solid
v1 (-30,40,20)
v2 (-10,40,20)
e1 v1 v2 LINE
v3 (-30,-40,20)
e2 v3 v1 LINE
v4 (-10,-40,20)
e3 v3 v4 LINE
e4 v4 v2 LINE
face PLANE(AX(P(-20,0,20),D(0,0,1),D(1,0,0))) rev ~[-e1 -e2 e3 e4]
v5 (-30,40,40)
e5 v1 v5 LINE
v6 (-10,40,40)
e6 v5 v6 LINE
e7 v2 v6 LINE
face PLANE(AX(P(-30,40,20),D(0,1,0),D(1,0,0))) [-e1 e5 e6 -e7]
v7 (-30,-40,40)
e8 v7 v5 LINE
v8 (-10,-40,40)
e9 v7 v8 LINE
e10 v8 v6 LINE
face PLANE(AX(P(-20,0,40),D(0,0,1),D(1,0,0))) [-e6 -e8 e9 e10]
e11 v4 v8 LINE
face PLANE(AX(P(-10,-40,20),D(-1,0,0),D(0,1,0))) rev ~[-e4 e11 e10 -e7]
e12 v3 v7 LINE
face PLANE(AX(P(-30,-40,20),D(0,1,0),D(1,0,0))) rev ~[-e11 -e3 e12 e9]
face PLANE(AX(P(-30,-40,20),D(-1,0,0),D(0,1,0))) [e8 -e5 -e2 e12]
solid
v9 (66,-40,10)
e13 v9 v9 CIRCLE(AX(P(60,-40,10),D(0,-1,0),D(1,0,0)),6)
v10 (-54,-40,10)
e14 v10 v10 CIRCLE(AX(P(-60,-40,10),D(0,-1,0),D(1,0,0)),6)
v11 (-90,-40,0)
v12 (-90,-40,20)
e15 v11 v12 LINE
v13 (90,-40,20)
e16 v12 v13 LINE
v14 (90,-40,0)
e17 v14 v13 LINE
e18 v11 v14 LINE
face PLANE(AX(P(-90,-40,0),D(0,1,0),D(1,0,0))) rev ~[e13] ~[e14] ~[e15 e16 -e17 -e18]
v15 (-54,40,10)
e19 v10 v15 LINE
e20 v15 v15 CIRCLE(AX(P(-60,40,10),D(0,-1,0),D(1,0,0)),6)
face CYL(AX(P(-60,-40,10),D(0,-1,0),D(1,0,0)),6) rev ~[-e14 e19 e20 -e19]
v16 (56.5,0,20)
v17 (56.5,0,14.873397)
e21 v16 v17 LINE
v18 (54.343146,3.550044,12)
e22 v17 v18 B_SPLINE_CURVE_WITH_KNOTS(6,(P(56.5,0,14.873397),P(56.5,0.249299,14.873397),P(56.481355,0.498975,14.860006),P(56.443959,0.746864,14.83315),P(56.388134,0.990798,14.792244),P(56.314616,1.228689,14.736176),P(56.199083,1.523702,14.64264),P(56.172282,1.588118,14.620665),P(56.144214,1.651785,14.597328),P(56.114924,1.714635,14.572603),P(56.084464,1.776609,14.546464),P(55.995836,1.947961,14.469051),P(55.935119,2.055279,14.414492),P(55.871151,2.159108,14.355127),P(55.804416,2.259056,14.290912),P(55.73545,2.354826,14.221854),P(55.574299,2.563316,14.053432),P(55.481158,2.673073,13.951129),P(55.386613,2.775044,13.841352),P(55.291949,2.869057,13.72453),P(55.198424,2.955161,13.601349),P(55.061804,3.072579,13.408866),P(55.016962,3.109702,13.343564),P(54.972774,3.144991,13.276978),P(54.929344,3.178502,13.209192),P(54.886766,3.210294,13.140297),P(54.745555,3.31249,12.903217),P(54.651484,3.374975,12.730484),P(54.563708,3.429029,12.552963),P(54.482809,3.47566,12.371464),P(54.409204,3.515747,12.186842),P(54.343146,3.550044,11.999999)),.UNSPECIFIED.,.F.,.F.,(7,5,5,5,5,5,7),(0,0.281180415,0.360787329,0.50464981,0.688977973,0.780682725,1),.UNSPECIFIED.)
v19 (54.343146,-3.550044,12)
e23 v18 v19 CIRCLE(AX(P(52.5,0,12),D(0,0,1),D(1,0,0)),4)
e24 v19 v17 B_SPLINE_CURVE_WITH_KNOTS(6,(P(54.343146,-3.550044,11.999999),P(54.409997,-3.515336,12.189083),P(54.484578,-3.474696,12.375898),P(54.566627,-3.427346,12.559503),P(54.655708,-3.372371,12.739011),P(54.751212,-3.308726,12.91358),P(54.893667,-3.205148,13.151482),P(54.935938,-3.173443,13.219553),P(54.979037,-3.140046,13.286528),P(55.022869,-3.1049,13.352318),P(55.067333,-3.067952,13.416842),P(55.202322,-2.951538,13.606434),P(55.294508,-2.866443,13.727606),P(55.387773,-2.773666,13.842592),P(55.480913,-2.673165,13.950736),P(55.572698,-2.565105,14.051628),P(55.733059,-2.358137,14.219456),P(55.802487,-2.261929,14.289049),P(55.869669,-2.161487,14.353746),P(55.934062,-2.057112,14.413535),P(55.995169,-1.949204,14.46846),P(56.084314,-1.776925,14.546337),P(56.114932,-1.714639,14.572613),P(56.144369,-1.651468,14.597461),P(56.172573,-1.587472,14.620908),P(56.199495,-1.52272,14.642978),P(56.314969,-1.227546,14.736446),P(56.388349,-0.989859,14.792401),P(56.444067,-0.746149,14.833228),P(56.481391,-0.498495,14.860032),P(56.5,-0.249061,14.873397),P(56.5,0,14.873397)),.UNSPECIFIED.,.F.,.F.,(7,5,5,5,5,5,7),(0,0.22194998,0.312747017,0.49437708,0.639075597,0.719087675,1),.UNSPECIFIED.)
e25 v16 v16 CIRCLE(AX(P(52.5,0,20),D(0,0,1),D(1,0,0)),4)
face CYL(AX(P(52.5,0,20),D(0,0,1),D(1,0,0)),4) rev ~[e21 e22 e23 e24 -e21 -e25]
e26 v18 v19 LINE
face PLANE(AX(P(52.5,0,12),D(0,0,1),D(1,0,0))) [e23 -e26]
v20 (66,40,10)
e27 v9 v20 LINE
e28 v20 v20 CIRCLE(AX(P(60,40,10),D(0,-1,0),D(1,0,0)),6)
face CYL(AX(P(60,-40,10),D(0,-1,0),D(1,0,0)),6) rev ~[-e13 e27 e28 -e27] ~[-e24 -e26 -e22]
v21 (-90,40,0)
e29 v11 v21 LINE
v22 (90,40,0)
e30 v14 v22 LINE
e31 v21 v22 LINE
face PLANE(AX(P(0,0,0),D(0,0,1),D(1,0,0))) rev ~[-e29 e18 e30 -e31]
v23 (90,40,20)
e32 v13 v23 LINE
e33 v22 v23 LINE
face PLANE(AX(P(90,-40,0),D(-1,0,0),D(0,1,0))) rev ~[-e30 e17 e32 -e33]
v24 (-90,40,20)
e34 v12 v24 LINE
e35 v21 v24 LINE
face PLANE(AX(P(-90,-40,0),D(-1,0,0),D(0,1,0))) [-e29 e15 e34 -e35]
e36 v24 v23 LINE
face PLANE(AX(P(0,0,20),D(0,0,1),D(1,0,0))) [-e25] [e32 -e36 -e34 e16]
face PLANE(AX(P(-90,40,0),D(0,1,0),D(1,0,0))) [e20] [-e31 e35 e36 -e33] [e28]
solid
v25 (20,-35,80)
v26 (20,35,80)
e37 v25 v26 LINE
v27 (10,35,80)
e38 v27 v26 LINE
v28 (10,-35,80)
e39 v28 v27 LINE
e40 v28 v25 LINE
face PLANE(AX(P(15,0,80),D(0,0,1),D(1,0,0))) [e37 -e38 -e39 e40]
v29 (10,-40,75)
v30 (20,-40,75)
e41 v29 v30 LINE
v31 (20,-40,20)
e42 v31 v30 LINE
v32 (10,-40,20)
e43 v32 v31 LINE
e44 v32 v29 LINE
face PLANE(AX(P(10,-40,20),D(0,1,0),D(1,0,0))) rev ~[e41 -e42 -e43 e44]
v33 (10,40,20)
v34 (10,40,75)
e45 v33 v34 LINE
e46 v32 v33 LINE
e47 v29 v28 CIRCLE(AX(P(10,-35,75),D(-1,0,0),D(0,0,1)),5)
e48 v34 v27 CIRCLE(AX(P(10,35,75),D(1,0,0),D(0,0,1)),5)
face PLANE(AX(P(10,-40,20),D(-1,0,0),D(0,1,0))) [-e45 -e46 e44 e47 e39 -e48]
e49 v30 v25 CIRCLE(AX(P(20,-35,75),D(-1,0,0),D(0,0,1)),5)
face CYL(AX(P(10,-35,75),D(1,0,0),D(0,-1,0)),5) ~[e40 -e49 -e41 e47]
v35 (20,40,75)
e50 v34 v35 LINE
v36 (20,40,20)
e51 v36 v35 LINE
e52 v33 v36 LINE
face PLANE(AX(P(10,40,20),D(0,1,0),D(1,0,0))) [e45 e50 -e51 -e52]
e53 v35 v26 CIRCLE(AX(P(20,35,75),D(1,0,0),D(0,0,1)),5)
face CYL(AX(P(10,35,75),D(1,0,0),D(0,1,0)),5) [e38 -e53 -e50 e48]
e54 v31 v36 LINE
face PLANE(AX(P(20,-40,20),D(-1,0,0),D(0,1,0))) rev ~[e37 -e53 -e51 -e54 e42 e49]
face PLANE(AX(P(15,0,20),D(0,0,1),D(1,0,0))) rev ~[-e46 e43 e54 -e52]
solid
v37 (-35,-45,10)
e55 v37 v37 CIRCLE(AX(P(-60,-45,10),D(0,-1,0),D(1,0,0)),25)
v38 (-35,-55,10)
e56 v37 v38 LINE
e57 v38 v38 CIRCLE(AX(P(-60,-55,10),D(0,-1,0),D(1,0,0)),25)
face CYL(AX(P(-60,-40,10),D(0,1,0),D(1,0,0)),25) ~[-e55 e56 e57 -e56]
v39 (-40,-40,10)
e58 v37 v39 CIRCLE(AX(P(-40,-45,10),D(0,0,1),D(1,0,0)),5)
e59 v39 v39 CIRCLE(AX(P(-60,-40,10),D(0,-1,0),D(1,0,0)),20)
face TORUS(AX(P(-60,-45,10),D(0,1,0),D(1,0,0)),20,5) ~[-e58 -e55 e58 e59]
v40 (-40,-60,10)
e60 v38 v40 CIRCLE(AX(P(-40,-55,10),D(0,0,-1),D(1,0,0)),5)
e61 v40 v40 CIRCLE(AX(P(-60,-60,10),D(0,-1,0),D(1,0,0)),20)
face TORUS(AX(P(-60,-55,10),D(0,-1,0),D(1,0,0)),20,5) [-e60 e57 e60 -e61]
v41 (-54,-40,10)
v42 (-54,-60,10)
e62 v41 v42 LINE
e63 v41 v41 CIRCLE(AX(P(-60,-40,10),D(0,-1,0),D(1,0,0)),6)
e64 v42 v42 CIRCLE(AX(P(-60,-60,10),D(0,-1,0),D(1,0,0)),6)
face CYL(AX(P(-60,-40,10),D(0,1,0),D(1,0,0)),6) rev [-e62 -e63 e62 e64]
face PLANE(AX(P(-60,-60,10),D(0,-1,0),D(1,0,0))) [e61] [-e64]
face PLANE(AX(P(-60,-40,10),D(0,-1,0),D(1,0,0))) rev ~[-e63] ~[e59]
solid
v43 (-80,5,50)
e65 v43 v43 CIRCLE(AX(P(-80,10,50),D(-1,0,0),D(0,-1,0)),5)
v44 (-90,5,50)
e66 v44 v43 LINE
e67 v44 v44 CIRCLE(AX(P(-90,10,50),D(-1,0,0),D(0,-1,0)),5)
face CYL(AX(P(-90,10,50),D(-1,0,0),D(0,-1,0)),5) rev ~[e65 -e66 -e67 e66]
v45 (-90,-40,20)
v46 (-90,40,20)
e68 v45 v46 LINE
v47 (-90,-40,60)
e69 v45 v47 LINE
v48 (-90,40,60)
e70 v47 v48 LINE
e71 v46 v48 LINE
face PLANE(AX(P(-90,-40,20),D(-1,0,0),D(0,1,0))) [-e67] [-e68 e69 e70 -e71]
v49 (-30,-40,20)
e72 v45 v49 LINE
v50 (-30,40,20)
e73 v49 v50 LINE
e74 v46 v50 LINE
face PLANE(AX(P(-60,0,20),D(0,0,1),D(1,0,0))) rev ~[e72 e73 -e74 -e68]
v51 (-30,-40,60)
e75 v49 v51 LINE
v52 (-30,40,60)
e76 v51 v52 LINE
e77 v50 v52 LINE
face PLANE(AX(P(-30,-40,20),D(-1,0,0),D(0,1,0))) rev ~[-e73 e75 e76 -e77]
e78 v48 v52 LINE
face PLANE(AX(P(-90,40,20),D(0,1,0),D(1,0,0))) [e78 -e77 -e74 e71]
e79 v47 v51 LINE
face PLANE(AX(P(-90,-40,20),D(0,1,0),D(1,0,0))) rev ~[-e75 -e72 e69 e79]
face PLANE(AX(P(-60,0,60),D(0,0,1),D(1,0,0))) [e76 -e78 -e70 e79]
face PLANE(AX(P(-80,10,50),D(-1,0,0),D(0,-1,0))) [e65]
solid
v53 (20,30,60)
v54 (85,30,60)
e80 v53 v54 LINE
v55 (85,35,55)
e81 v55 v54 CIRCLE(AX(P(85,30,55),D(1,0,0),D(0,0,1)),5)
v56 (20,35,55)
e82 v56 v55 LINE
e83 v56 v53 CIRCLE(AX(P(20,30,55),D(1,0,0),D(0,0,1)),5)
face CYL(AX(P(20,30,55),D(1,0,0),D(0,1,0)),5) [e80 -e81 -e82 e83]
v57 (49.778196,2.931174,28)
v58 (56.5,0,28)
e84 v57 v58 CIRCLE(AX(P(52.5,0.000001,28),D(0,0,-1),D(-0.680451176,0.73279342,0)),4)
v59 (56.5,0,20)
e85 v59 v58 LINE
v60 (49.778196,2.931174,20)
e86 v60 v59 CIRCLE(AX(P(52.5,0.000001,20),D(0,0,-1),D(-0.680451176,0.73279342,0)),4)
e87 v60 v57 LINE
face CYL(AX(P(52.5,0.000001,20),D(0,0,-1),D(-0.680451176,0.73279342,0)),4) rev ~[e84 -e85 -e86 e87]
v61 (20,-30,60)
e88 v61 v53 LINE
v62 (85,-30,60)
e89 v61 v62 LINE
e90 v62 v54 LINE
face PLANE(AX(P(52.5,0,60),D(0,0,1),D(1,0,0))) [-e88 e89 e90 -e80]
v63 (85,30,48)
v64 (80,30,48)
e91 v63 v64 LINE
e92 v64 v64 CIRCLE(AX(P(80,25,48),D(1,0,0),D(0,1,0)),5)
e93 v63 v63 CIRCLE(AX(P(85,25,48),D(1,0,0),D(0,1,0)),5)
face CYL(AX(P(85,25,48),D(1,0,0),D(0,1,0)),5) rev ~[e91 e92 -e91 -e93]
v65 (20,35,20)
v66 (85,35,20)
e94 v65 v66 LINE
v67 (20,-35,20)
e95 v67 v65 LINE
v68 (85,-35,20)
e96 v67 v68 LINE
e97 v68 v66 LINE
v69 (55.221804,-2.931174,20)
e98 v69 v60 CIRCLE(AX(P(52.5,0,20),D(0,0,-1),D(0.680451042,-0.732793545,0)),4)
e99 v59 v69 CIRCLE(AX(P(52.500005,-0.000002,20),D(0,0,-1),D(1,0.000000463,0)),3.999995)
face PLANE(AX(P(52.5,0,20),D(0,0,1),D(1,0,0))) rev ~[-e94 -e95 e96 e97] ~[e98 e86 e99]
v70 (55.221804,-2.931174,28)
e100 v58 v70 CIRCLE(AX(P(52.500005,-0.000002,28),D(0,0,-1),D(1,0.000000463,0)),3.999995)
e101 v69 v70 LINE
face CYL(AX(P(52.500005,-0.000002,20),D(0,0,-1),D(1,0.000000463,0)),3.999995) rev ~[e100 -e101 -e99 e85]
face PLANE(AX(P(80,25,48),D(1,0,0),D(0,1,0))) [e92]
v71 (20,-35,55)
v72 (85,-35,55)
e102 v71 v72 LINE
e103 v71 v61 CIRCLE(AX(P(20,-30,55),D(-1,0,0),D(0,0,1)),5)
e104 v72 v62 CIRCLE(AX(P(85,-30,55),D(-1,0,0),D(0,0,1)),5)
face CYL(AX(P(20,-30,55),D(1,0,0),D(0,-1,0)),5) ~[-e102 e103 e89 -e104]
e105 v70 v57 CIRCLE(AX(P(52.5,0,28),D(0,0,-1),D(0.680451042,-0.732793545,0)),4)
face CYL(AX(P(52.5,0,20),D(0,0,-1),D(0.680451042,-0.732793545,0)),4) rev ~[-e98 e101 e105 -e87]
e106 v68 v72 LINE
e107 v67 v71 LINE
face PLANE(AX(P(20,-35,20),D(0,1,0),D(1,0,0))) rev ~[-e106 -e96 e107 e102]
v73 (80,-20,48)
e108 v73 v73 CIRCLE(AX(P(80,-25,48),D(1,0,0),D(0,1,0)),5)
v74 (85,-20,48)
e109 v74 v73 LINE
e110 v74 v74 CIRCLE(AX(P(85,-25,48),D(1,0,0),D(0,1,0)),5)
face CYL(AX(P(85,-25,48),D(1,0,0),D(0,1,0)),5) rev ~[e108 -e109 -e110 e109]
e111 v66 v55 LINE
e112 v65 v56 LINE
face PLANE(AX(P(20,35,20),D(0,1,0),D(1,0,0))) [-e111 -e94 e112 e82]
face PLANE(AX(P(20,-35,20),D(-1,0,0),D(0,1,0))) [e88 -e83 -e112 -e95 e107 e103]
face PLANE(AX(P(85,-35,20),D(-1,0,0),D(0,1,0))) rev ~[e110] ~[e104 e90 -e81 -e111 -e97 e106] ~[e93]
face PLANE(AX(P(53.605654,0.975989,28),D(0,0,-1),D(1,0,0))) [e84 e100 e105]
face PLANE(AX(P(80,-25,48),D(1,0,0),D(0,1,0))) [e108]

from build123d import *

# Parameters (mm, degrees)
F0_W      = 180
F0_H      = 80
F1_DEPTH  = 20
F2_R      = 6
F3_DEPTH  = 80.001
F4_W      = 60
F4_H      = 80
F5_DEPTH  = 40
F6_W      = 20
F6_H      = 80
F7_DEPTH  = 20
F8_W      = 65
F8_H      = 70
F9_DEPTH  = 40
F10_R     = 5
F11_DEPTH = 5
F12_W     = 10
F12_H     = 80
F13_DEPTH = 60
F14_R     = 25
F14_R_2   = 6
F15_DEPTH = 20
F16_R     = 5
F17_R     = 5
F18_DEPTH = 10
F19_R     = 5
F20_R     = 5
F22_DEPTH = 8
F23_R     = 4
F24_DEPTH = 8


with BuildPart() as f1:
    # F0 (on Top) → F1 (new body)
    with BuildSketch(Plane.XY):
        Rectangle(F0_W, F0_H)
    extrude(amount=F1_DEPTH)

    # F2 (on face) → F3 (cut, through all)
    with BuildSketch(Plane.XZ.offset(40)):
        with Locations((-60, 10)):
            Circle(F2_R)
        with Locations((60, 10)):
            Circle(F2_R)
    extrude(amount=-F3_DEPTH, mode=Mode.SUBTRACT)

    # F23 (on face) → F24 (cut)
    with BuildSketch(Plane.XY.offset(20)):
        with Locations((52.5, 0)):
            Circle(F23_R)
    extrude(amount=-F24_DEPTH, mode=Mode.SUBTRACT)


with BuildPart() as f5:
    # F4 (on face) → F5 (new body)
    with BuildSketch(Plane.XY.offset(20)):
        with Locations((-60, 0)):
            Rectangle(F4_W, F4_H)
    extrude(amount=F5_DEPTH)

    # F17 (on face) → F18 (cut)
    with BuildSketch(Plane(origin=(-90, 0, 0), x_dir=(0, -1, 0), z_dir=(-1, 0, 0))):
        with Locations((-10, 50)):
            Circle(F17_R)
    extrude(amount=-F18_DEPTH, mode=Mode.SUBTRACT)


with BuildPart() as f7:
    # F6 (on face) → F7 (new body)
    with BuildSketch(Plane.XY.offset(20)):
        with Locations((-20, 0)):
            Rectangle(F6_W, F6_H)
    extrude(amount=F7_DEPTH)


with BuildPart() as f9:
    # F8 (on face) → F9 (new body)
    with BuildSketch(Plane.XY.offset(20)):
        with Locations((52.5, 0)):
            Rectangle(F8_W, F8_H)
    extrude(amount=F9_DEPTH)

    # F10 (on face) → F11 (cut)
    with BuildSketch(Plane.YZ.offset(85)):
        with Locations((-25, 48)):
            Circle(F10_R)
        with Locations((25, 48)):
            Circle(F10_R)
    extrude(amount=-F11_DEPTH, mode=Mode.SUBTRACT)

    # F19
    f19_edges = [f9.edges().sort_by_distance(p)[0] for p in [
        (52.5, -35, 60),
        (52.5, 35, 60),
    ]]
    fillet(f19_edges, radius=F19_R)

    # F21 (on face) → F22 (cut)
    with BuildSketch(Plane(origin=(0, 0, 20), x_dir=(1, 0, 0), z_dir=(0, 0, -1))):
        with BuildLine():
            ThreePointArc((56.5, 0), (56.166553, 1.598872), (55.221804, 2.931174))
            Line((55.221804, 2.931174), (49.778196, -2.931174))
            ThreePointArc((49.778196, -2.931174), (54.098872, -3.666553), (56.5, 0))
        make_face()
        with BuildLine():
            Line((49.778196, -2.931174), (55.221804, 2.931174))
            ThreePointArc((55.221804, 2.931174), (49.568826, 2.721804), (49.778196, -2.931174))
        make_face()
    extrude(amount=-F22_DEPTH, mode=Mode.SUBTRACT)


with BuildPart() as f13:
    # F12 (on face) → F13 (new body)
    with BuildSketch(Plane.XY.offset(20)):
        with Locations((15, 0)):
            Rectangle(F12_W, F12_H)
    extrude(amount=F13_DEPTH)

    # F20
    f20_edges = [f13.edges().sort_by_distance(p)[0] for p in [
        (15, -40, 80),
        (15, 40, 80),
    ]]
    fillet(f20_edges, radius=F20_R)


with BuildPart() as f15:
    # F14 (on face) → F15 (new body)
    with BuildSketch(Plane.XZ.offset(40)):
        with Locations((-60, 10)):
            Circle(F14_R)
        with Locations((-60, 10)):
            Circle(F14_R_2, mode=Mode.SUBTRACT)
    extrude(amount=F15_DEPTH)

    # F16
    f16_edges = [f15.edges().sort_by_distance(p)[0] for p in [
        (-35, -50, 10),
        (-85, -40, 10),
        (-85, -60, 10),
    ]]
    fillet(f16_edges, radius=F16_R)


solid = Compound([f1.part, f5.part, f7.part, f9.part, f13.part, f15.part])
